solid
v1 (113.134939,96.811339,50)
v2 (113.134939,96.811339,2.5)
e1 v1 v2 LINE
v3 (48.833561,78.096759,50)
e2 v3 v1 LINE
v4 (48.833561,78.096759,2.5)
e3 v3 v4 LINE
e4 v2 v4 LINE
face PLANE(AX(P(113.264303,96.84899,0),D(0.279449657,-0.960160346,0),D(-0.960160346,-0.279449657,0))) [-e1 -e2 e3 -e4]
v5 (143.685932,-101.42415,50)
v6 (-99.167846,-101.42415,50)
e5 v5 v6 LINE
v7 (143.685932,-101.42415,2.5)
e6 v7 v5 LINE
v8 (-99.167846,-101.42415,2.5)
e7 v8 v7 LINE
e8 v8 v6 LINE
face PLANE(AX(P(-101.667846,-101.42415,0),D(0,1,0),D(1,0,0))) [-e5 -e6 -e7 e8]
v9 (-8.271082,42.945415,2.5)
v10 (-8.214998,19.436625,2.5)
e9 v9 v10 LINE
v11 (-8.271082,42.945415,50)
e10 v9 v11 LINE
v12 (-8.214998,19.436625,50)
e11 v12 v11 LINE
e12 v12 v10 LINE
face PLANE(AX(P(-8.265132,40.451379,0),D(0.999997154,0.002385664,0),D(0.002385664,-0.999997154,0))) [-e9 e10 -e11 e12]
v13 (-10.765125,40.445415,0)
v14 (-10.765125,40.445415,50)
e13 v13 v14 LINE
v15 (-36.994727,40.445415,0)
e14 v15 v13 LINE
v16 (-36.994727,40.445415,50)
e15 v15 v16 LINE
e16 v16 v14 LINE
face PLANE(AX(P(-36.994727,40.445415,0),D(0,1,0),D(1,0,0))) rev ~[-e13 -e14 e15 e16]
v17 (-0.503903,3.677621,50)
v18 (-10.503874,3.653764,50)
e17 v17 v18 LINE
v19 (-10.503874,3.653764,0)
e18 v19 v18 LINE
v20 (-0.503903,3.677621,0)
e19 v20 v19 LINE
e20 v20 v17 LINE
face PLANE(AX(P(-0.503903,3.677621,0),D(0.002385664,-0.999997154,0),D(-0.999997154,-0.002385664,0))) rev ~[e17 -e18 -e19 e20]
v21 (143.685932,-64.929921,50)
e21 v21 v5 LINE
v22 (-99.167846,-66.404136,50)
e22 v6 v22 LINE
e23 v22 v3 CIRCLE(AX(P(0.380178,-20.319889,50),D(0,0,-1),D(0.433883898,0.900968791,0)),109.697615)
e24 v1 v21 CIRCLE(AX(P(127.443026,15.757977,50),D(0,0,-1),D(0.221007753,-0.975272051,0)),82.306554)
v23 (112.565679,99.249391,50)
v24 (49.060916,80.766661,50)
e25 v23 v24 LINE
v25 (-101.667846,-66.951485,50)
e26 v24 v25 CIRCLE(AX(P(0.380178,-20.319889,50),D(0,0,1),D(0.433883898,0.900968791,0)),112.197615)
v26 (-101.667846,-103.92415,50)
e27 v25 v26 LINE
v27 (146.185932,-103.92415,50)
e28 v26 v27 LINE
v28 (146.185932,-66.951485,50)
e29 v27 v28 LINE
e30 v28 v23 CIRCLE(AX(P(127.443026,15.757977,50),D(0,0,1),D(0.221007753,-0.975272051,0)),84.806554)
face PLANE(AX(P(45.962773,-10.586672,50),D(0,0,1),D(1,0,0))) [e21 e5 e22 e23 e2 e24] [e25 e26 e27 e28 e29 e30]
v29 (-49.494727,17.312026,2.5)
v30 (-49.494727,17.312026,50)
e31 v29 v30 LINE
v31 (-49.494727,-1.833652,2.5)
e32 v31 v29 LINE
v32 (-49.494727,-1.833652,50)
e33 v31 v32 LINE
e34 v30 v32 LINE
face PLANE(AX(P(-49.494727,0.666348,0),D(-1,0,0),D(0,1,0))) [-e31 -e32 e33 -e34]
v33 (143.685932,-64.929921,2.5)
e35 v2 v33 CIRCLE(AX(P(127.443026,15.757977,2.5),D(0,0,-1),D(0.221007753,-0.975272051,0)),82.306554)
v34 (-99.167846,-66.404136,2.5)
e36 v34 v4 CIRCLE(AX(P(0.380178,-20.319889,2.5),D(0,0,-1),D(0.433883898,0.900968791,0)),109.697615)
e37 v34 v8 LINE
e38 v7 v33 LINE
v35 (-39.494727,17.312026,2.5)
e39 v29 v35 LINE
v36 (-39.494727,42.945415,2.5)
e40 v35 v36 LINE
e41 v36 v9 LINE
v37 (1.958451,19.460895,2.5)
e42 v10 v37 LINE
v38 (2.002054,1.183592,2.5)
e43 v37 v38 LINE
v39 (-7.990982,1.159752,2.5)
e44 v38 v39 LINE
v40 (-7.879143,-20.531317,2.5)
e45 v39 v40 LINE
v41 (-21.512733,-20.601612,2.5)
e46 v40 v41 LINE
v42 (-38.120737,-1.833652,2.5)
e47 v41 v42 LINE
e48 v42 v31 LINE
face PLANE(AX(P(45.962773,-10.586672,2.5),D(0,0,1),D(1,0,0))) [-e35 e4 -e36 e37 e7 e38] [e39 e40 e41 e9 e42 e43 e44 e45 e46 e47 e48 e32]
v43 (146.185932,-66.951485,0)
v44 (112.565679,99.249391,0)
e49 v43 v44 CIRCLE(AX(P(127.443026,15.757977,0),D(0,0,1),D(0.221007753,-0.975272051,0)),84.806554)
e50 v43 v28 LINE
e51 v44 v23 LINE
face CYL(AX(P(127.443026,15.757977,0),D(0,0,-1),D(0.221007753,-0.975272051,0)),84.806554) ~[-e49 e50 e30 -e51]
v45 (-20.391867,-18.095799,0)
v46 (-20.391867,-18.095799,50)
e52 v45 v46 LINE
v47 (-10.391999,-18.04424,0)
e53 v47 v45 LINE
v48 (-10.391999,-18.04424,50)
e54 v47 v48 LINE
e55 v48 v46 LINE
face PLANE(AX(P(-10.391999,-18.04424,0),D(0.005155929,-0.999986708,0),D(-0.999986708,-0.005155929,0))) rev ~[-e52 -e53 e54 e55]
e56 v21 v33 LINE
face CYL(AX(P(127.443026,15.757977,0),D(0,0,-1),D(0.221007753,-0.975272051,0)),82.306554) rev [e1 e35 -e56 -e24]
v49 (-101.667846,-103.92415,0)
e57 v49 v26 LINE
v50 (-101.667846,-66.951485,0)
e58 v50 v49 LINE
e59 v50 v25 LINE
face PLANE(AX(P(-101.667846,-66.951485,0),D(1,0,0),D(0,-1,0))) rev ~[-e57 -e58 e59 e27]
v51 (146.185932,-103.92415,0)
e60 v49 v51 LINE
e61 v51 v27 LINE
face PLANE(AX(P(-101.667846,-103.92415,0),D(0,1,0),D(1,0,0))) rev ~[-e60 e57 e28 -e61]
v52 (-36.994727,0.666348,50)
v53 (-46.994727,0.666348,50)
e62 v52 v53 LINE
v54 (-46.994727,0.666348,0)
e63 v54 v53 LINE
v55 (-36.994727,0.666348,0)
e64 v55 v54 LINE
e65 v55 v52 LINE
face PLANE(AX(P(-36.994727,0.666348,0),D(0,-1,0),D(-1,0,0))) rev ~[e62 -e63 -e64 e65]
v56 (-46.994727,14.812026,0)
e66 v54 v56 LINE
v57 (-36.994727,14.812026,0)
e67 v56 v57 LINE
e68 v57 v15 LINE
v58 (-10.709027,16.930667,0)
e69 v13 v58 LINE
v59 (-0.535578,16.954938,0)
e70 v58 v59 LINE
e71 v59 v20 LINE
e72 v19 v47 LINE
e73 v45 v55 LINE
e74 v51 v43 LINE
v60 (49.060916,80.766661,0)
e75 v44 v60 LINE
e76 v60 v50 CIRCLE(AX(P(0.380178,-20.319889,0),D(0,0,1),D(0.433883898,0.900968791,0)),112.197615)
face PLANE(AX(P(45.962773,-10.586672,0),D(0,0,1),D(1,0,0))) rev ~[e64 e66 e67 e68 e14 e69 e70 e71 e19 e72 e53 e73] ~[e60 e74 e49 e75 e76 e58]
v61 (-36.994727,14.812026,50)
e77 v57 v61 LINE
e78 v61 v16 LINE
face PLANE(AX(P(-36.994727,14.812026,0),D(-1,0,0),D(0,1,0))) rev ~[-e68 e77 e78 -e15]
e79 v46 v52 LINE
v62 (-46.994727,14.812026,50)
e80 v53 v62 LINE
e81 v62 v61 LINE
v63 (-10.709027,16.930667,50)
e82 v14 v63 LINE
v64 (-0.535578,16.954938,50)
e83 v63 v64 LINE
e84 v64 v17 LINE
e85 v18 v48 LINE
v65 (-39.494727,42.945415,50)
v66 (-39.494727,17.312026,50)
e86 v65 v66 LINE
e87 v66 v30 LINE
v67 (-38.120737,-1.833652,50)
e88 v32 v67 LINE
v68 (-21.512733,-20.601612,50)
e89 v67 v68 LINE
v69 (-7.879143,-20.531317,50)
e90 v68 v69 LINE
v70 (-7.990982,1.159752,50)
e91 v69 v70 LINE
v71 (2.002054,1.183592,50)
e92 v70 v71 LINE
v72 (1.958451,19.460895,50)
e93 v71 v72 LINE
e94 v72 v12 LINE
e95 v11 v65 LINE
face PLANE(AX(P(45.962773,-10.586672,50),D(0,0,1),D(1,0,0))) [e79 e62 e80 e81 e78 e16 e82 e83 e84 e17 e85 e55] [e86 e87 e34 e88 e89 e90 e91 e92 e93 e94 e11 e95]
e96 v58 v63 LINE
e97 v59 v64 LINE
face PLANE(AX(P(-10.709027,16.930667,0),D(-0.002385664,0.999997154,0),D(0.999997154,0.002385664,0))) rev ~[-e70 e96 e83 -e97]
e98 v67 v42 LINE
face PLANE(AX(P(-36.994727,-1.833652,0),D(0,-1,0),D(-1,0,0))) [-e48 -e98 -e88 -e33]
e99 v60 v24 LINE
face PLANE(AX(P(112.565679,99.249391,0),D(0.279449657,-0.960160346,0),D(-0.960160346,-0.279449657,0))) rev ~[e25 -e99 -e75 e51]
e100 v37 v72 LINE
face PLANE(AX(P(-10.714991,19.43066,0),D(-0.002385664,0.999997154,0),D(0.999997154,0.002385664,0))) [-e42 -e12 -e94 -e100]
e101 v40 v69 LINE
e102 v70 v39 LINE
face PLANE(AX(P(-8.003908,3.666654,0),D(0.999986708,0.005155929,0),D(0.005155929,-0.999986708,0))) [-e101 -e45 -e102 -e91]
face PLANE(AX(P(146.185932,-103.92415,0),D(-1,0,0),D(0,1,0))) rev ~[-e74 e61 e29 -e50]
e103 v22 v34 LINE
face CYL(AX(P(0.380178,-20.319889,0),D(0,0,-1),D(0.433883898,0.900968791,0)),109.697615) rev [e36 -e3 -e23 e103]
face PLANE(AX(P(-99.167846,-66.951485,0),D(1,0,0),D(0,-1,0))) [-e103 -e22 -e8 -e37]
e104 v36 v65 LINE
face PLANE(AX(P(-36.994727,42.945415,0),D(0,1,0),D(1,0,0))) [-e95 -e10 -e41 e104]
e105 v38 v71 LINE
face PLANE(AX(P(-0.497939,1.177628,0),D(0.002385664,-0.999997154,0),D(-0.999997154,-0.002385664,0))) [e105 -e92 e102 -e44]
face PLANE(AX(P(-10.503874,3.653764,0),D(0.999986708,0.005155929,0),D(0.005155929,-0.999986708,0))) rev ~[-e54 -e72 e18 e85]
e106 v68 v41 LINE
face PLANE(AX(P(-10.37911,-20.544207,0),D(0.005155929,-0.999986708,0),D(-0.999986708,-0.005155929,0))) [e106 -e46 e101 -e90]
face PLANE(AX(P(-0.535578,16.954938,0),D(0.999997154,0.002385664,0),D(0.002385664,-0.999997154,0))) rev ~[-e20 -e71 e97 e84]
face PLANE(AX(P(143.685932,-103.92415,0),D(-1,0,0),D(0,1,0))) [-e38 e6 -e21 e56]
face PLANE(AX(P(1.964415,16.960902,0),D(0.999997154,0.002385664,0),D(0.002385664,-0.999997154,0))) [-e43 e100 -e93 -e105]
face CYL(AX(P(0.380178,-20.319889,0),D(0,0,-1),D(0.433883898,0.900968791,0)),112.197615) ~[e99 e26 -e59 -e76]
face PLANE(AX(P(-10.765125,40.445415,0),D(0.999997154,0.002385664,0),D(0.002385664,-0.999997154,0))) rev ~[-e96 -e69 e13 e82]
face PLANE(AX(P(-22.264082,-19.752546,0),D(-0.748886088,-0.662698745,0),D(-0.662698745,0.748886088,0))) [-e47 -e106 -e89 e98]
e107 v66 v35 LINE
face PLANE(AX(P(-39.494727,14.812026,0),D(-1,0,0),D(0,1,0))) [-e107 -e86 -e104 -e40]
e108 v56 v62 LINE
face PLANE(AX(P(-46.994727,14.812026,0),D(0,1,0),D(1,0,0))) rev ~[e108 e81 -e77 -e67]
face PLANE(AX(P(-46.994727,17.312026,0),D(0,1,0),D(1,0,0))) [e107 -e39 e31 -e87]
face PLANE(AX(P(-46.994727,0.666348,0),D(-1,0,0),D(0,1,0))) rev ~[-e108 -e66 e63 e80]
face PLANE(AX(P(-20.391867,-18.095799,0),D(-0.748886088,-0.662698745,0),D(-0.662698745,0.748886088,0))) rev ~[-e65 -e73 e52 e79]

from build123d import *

# Parameters (mm, degrees)
F1_DEPTH = 50
F2_T     = -2.5


with BuildPart() as f1:
    # F0 (on Top) → F1 (new body)
    with BuildSketch(Plane.XY):
        with BuildLine():
            ThreePointArc((49.060916242, 80.7666611337), (-78.1512140744, 59.8120363605), (-101.6678459079, -66.9514853097))
            Line((-101.6678459079, -66.9514853097), (-101.6678459079, -103.9241496063))
            Line((-101.6678459079, -103.9241496063), (146.1859323948, -103.9241496063))
            Line((146.1859323948, -103.9241496063), (146.1859323948, -66.9514853097))
            ThreePointArc((146.1859323948, -66.9514853097), (210.5659380979, 32.5726496486), (112.5656791895, 99.2493909263))
            Line((112.5656791895, 99.2493909263), (49.060916242, 80.7666611337))
        make_face()
        Polygon((-20.3918665088, -18.0957990914), (-36.9947273911, 0.6663483047), (-46.9947273911, 0.6663483047), (-46.9947273911, 14.8120262139), (-36.9947273911, 14.8120262139), (-36.9947273911, 40.4454148785), (-10.7651253298, 40.4454148785), (-10.7090268836, 16.9306674714), (-0.5355780579, 16.9549379711), (-0.5039027498, 3.6776206944), (-10.5038742928, 3.6537640543), (-10.3919994277, -18.0442397964), align=None, mode=Mode.SUBTRACT)
    extrude(amount=F1_DEPTH)

    # F2
    f2_openings = [f1.faces().sort_by_distance(p)[0] for p in [
        (49.091744, -6.264169, 50),
    ]]
    offset(amount=F2_T, openings=f2_openings, kind=Kind.INTERSECTION)


solid = f1.part
